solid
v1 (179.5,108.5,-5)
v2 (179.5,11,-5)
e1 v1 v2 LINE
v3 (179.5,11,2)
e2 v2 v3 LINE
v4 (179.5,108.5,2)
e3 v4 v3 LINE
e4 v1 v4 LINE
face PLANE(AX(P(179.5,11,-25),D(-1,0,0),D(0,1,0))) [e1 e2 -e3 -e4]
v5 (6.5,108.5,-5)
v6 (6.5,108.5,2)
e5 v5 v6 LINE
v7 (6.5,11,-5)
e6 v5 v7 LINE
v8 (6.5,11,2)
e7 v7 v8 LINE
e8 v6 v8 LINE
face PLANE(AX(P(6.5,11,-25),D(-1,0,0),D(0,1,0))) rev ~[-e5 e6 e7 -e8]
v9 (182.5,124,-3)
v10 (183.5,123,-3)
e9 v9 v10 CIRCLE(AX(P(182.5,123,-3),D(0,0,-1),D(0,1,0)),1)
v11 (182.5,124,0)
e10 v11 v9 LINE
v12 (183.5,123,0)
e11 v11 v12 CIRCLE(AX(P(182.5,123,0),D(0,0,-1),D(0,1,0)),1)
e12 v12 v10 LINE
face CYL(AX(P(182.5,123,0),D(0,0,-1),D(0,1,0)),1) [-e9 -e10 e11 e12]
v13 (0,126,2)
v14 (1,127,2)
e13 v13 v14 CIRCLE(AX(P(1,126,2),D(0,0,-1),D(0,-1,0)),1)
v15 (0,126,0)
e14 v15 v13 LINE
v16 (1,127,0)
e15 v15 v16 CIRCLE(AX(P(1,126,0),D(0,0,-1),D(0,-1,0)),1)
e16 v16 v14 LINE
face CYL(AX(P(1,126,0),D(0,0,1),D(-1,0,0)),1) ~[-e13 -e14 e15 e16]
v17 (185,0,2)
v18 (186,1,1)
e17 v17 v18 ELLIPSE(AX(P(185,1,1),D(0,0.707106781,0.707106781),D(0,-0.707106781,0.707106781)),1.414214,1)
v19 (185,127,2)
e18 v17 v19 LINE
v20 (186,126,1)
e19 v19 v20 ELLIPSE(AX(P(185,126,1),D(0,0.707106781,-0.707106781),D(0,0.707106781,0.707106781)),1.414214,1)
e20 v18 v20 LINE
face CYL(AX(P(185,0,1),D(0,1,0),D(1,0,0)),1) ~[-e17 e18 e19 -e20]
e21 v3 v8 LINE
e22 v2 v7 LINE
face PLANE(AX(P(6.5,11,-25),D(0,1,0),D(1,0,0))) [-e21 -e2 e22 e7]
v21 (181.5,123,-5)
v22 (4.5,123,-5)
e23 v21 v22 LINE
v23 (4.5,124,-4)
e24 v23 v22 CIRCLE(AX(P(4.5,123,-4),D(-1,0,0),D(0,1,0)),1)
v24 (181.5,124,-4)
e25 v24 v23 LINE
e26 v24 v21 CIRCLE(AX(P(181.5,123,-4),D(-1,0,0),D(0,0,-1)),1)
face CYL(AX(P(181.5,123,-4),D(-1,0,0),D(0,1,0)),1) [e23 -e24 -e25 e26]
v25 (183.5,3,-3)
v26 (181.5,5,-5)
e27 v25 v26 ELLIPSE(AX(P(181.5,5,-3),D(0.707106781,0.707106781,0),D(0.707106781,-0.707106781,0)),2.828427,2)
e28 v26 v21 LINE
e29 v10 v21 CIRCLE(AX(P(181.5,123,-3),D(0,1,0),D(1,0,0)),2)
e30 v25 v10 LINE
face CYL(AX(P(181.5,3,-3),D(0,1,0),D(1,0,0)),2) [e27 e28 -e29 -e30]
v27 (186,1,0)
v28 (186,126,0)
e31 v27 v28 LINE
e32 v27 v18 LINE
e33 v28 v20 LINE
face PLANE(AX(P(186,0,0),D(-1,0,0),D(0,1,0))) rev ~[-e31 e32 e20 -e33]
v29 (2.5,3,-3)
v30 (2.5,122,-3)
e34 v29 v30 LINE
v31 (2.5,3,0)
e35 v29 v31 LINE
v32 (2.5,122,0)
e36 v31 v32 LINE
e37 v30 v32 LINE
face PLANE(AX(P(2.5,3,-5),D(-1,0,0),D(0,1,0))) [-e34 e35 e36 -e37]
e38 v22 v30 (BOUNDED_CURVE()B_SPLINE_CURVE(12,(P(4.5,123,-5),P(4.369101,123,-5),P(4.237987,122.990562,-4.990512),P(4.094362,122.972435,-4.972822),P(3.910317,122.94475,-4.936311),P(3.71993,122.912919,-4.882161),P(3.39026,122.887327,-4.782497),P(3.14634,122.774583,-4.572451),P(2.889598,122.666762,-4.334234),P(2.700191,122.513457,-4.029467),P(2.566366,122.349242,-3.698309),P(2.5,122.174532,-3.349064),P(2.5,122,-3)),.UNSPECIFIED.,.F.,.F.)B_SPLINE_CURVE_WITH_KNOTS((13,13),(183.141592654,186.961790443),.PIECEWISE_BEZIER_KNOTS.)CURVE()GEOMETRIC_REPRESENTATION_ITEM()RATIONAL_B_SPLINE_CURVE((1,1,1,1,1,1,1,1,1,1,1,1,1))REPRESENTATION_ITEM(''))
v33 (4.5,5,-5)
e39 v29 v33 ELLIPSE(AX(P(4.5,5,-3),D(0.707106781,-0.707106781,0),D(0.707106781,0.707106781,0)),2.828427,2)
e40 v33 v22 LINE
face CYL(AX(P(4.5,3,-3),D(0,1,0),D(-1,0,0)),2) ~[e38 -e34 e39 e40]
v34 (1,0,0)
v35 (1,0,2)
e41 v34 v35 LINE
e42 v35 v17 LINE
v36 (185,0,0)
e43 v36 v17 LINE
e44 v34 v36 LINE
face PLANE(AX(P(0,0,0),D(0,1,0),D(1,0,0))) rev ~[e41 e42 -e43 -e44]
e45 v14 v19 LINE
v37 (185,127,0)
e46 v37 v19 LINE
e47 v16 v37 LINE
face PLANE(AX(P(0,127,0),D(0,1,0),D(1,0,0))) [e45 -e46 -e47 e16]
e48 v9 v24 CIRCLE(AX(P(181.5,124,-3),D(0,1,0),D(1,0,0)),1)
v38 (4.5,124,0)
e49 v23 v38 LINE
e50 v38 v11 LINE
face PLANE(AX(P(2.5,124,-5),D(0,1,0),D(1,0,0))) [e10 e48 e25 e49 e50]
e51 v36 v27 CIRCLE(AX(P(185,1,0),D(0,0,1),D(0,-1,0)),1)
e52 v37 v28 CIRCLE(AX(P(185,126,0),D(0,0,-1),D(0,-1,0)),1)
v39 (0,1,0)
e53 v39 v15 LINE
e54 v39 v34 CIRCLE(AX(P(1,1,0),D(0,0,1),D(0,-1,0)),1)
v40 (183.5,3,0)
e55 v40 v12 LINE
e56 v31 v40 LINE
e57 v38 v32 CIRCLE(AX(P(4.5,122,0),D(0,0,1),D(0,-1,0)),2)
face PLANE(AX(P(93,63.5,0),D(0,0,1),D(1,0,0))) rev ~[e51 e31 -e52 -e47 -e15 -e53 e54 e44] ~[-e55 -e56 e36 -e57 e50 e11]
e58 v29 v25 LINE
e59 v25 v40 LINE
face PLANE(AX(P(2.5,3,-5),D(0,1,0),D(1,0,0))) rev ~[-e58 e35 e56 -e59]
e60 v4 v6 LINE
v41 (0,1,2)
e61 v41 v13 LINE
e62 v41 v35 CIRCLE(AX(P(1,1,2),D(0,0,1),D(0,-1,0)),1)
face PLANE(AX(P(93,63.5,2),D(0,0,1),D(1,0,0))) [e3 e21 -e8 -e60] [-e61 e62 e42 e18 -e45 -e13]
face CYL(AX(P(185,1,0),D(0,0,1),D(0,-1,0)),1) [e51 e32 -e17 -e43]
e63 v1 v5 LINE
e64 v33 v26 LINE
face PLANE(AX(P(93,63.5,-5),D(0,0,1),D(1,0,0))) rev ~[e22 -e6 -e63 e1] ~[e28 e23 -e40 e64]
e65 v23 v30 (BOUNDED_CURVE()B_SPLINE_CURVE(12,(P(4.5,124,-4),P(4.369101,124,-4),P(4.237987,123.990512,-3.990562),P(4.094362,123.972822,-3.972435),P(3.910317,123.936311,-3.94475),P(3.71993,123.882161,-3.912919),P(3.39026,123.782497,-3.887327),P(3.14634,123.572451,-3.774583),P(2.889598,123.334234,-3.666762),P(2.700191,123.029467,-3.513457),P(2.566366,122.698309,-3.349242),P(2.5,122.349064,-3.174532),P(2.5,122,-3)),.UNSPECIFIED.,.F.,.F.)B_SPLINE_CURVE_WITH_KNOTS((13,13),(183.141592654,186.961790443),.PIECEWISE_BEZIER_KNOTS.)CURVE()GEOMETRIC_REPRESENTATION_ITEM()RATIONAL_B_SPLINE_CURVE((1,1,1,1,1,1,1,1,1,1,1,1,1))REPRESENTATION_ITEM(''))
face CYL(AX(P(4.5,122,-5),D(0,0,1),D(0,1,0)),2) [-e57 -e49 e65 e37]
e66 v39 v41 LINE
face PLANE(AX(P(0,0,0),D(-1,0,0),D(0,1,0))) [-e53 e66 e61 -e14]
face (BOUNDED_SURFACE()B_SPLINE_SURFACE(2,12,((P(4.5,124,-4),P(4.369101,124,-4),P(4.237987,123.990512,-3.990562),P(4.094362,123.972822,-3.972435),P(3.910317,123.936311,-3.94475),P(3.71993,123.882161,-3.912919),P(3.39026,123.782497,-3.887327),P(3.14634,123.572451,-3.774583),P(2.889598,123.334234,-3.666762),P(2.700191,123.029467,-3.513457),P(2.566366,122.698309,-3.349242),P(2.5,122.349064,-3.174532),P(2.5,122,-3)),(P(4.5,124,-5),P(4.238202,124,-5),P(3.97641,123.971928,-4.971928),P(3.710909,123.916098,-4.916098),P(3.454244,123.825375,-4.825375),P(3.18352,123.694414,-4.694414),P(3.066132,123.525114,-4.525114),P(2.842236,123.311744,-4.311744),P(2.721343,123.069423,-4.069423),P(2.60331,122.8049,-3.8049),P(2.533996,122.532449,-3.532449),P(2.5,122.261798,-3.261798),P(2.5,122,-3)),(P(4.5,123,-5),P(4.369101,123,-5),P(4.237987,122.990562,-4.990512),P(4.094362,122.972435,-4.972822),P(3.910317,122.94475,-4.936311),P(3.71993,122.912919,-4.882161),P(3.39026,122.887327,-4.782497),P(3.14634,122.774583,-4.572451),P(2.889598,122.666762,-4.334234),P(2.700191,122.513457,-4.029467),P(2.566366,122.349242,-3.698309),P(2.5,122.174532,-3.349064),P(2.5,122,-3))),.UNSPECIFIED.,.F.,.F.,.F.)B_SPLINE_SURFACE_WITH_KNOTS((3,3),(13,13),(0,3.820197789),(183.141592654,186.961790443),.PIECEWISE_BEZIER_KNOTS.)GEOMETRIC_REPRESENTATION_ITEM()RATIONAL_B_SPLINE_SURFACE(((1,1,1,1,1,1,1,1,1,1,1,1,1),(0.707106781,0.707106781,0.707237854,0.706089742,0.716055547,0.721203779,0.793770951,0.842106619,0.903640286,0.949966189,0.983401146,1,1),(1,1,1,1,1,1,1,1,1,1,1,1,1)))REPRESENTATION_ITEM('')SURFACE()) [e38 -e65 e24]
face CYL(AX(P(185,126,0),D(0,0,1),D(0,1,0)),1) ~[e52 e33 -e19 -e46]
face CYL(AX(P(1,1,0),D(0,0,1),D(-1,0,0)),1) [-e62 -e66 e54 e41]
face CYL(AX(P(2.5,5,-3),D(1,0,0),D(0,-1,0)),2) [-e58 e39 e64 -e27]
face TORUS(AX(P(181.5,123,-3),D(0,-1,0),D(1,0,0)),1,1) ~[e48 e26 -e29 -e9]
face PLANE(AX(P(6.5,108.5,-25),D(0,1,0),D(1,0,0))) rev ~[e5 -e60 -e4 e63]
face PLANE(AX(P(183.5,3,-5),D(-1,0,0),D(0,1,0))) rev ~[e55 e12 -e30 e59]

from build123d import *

# Parameters (mm, degrees)
BOX018_W     = 173
BOX018_H     = 97.5
BOX018_DEPTH = 30
BOX019_W     = 181
BOX019_H     = 121
BOX019_DEPTH = 5
BOX017_W     = 186
BOX017_H     = 127
BOX017_DEPTH = 2
FILLET008_R  = 2
FILLET009_R  = 1


with BuildPart() as cutout:
    # Box018 → Box018 (new body)
    with BuildSketch(Plane(origin=(6.5, 11, -25), x_dir=(1, 0, 0), z_dir=(0, 0, 1))):
        with Locations((86.5, 48.75)):
            Rectangle(BOX018_W, BOX018_H)
    extrude(amount=BOX018_DEPTH)


with BuildPart() as cube016:
    # Box019 → Box019 (new body)
    with BuildSketch(Plane(origin=(2.5, 3, -5), x_dir=(1, 0, 0), z_dir=(0, 0, 1))):
        with Locations((90.5, 60.5)):
            Rectangle(BOX019_W, BOX019_H)
    extrude(amount=BOX019_DEPTH)


with BuildPart() as fascia:
    # Box017 → Box017 (new body)
    with BuildSketch(Plane.XY):
        with Locations((93, 63.5)):
            Rectangle(BOX017_W, BOX017_H)
    extrude(amount=BOX017_DEPTH)

    # Fusion007: union Cube016
    add(cube016.part)

    # Cut007: cut Cutout
    add(cutout.part, mode=Mode.SUBTRACT)

    # Fillet008
    fillet008_edges = [fascia.edges().sort_by_distance(p)[0] for p in [
        (2.5, 124, -2.5),
        (2.5, 63.5, -5),
        (93, 3, -5),
        (183.5, 63.5, -5),
    ]]
    fillet(fillet008_edges, radius=FILLET008_R)

    # Fillet009
    fillet009_edges = [fascia.edges().sort_by_distance(p)[0] for p in [
        (2.973408, 123.292098, -4.292098),
        (93, 3, -3),
        (183.5, 124, -1.5),
        (0, 0, 1),
        (0, 127, 1),
        (186, 127, 1),
        (186, 0, 1),
        (186, 63.5, 2),
    ]]
    fillet(fillet009_edges, radius=FILLET009_R)


solid = fascia.part
